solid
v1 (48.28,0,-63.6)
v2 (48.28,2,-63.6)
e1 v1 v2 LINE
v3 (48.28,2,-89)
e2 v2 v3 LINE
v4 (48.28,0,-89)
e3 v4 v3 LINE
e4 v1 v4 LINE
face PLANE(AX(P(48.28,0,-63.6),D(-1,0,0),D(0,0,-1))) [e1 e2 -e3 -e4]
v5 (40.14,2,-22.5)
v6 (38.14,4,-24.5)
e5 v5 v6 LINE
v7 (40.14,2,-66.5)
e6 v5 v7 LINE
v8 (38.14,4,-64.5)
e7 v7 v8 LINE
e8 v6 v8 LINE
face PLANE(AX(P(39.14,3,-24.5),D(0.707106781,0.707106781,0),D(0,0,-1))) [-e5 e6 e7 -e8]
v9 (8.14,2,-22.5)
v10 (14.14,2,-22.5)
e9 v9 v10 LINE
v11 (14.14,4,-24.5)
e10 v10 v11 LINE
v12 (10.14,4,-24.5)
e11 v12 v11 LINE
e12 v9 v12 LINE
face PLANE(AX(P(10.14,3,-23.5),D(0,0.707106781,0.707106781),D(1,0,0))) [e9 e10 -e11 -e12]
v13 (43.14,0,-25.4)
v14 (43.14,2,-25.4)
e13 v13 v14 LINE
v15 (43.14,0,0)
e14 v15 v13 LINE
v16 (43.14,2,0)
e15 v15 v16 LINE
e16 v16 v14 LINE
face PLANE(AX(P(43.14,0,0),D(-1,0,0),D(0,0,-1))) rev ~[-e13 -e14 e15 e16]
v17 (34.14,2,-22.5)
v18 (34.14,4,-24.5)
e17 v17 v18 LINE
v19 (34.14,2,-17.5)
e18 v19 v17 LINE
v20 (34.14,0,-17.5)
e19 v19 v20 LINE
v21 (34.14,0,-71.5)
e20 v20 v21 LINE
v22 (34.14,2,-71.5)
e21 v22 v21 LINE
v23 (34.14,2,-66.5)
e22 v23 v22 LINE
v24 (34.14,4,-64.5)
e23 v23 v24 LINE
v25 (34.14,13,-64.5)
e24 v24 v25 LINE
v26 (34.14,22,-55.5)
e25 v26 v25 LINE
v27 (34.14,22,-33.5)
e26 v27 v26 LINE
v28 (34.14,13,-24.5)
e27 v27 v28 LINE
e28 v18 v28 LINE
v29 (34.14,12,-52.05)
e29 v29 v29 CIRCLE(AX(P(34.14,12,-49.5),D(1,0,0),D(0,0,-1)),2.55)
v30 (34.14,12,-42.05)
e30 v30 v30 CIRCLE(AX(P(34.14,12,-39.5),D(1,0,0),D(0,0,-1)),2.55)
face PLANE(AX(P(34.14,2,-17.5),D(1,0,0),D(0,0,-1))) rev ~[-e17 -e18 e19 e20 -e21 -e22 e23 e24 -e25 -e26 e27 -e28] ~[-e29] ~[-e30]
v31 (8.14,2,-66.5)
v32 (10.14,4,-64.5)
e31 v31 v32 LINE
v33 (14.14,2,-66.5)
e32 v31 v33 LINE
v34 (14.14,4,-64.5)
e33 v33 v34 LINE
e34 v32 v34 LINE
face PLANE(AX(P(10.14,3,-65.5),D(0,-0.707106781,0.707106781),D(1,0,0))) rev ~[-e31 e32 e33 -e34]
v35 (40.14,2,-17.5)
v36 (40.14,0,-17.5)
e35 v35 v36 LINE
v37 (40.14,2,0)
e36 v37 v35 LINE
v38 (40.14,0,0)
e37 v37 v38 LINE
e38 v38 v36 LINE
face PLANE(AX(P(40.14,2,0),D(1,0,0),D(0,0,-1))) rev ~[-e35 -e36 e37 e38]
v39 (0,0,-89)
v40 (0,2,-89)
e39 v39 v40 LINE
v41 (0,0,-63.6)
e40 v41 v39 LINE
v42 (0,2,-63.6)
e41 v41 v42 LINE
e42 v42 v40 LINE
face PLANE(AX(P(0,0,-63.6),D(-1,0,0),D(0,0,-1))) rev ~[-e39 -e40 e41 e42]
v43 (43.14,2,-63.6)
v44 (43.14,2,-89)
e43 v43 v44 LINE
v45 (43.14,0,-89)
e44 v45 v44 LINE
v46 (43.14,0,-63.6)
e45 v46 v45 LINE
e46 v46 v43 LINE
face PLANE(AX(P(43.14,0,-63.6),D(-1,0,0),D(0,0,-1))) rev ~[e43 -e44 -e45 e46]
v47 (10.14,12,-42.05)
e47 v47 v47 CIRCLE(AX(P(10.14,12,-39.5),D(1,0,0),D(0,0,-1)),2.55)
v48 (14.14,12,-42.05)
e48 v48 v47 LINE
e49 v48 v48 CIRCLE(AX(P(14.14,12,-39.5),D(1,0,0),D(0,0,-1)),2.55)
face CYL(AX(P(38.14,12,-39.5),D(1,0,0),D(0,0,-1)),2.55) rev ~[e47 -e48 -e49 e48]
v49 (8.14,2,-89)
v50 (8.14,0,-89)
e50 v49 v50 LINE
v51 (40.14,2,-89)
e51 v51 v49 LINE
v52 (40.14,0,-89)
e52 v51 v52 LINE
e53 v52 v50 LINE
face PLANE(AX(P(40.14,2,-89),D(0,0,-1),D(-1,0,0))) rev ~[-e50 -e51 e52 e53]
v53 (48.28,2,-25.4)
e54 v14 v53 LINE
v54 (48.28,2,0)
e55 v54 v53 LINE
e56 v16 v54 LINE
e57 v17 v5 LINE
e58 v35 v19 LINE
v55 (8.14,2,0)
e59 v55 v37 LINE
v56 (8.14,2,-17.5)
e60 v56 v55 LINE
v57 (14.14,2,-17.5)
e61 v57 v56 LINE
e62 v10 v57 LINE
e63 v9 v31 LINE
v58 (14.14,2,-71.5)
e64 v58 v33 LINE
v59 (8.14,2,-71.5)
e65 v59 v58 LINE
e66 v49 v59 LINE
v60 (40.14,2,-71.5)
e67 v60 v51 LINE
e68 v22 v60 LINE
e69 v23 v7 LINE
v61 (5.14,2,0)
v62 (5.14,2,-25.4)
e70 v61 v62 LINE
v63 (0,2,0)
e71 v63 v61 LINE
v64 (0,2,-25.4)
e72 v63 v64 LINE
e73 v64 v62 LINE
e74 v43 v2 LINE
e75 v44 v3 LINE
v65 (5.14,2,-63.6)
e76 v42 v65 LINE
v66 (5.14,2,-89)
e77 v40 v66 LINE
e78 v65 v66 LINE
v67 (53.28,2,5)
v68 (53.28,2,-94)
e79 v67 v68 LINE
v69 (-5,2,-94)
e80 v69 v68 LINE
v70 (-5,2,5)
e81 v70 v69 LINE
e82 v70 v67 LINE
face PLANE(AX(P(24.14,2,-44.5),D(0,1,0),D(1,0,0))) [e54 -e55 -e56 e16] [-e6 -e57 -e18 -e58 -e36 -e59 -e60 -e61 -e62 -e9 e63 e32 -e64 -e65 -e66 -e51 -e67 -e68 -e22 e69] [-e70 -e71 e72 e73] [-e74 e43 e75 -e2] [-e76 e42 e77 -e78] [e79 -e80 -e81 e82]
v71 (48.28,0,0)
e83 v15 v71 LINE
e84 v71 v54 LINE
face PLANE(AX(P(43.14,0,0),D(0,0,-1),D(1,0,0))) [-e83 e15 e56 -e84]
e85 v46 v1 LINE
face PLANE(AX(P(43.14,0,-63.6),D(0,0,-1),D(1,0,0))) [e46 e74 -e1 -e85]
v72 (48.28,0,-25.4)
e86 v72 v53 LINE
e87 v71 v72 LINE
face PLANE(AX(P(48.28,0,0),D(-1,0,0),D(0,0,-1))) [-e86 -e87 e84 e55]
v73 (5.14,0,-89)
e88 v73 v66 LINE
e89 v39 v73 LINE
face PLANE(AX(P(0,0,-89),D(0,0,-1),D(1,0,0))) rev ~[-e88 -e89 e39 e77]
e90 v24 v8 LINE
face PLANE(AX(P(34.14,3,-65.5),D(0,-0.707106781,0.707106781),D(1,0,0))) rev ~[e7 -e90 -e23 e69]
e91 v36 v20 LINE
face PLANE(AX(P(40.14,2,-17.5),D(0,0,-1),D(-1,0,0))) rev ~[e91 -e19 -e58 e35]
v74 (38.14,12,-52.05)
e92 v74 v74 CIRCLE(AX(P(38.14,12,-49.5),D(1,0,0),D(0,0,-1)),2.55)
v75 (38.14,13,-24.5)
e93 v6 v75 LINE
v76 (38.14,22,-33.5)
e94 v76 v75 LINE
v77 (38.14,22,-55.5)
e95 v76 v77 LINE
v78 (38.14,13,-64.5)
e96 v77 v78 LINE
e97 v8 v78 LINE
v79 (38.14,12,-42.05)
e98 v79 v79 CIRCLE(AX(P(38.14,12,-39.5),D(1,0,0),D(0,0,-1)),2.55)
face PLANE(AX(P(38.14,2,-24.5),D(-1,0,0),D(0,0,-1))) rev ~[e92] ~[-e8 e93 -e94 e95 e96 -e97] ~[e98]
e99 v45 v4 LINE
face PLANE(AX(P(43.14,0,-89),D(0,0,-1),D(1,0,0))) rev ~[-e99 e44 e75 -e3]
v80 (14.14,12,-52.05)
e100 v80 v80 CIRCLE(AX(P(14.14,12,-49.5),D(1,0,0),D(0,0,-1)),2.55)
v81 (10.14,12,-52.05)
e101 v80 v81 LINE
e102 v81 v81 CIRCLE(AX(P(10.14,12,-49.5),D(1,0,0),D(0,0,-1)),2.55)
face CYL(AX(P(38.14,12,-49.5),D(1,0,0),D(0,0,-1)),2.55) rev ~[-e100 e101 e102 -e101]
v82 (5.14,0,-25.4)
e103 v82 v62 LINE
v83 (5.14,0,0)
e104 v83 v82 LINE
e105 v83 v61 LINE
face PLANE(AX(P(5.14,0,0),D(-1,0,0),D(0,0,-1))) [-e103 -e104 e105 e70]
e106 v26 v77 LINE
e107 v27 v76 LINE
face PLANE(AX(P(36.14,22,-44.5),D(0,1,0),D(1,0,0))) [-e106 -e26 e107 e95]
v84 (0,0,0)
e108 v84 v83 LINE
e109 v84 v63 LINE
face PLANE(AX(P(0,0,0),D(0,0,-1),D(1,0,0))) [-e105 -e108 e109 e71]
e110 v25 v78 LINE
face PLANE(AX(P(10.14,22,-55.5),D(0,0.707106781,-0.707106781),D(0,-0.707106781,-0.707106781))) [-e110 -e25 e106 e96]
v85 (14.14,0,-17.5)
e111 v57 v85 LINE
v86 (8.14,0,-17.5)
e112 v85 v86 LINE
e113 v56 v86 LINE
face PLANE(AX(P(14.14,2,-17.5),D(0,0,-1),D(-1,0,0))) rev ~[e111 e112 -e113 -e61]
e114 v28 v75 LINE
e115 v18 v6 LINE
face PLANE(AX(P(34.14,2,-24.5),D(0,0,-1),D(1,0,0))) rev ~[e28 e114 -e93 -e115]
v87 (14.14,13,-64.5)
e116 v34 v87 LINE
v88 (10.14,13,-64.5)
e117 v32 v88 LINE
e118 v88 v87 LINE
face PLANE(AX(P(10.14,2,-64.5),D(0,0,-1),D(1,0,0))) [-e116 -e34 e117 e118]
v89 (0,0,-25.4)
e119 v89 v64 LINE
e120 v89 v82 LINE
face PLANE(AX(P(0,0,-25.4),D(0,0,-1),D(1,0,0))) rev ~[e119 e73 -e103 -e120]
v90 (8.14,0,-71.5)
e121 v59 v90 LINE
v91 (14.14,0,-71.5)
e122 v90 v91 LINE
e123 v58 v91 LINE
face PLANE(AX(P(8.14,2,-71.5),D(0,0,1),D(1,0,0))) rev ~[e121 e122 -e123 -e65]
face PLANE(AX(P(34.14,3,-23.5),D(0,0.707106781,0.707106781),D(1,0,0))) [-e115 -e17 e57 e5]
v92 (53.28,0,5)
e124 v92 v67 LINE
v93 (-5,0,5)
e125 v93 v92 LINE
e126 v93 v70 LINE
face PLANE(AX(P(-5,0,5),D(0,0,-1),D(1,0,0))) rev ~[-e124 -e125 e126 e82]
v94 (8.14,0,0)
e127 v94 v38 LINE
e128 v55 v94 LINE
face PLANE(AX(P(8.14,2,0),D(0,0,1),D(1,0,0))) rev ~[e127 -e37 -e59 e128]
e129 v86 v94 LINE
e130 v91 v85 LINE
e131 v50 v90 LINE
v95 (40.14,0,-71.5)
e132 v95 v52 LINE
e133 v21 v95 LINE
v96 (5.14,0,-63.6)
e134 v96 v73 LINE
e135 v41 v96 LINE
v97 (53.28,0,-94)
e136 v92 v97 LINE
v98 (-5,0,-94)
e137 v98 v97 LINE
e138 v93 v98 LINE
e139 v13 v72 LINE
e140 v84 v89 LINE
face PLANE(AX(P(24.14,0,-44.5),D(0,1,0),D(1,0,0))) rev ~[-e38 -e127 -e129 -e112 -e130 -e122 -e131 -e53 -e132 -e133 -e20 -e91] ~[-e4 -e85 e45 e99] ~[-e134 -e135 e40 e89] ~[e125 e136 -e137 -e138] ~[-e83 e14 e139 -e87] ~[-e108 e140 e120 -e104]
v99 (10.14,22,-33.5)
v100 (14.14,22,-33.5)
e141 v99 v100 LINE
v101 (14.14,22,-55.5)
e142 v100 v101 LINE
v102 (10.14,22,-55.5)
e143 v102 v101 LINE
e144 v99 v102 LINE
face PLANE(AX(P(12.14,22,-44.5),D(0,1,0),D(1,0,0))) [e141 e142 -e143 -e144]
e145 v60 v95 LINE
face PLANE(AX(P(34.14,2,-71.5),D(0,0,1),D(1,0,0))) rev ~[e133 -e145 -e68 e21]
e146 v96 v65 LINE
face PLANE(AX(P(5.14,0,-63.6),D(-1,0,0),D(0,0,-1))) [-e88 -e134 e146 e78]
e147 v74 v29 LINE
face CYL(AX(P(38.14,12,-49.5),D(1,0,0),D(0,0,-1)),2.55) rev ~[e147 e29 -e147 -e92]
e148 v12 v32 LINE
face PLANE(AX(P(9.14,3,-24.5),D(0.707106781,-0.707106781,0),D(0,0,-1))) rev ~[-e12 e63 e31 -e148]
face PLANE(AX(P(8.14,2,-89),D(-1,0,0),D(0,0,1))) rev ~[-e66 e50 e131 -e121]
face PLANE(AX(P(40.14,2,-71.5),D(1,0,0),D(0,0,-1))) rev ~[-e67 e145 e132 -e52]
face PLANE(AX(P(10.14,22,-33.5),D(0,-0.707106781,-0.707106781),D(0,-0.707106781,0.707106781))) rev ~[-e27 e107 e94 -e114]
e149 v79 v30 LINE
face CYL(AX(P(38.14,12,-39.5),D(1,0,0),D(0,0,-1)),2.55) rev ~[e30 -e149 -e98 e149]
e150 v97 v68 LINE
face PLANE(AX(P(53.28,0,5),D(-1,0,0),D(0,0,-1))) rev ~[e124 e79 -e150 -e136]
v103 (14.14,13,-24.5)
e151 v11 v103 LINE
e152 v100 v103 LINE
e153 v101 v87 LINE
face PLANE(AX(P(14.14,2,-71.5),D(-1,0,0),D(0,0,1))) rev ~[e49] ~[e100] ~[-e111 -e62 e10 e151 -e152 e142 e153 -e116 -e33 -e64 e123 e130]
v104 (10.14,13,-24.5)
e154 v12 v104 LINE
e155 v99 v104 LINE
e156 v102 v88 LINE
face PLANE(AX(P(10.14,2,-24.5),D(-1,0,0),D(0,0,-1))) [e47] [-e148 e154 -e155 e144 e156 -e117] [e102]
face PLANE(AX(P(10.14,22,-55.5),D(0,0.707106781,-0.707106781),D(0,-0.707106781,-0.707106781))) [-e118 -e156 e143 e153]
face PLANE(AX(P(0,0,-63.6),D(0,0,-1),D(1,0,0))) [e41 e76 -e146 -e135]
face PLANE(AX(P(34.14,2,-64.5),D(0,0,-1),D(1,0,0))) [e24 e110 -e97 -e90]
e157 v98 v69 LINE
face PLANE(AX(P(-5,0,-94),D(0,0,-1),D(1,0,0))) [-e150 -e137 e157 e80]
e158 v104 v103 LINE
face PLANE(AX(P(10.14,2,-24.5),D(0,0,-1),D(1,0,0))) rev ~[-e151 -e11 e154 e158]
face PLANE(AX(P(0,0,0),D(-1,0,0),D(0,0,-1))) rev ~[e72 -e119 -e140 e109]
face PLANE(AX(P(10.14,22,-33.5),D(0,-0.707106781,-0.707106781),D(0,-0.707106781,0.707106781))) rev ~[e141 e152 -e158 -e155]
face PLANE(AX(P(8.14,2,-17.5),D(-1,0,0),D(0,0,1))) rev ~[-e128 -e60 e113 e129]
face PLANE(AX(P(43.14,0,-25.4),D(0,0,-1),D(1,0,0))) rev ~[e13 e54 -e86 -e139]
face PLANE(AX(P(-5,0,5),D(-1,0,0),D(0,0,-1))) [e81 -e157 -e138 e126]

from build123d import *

# Parameters (mm, degrees)
SKETCH1_W           = 58.28
SKETCH1_H           = 99
SKETCH1_W_2         = 5.14
SKETCH1_H_2         = 25.4
BOSS_EXTRUDE1_DEPTH = 2
SKETCH2_W           = 4
SKETCH2_H           = 40
BOSS_EXTRUDE2_DEPTH = 20
CUT_EXTRUDE1_REACH  = 107.741
SKETCH3_R           = 2.55
CHAMFER1_SIZE       = 2
CUT_EXTRUDE2_REACH  = 107.741
CUT_EXTRUDE3_DEPTH  = 2


with BuildPart() as part:
    # Sketch1 → Boss-Extrude1 (new body)
    with BuildSketch(Plane(origin=(0, 0, 0), x_dir=(1, 0, 0), z_dir=(0, 1, 0))):
        with Locations((24.14, 44.5)):
            Rectangle(SKETCH1_W, SKETCH1_H)
        with Locations((2.57, 76.3)):
            Rectangle(SKETCH1_W_2, SKETCH1_H_2, mode=Mode.SUBTRACT)
        with Locations((45.71, 76.3)):
            Rectangle(SKETCH1_W_2, SKETCH1_H_2, mode=Mode.SUBTRACT)
        with Locations((2.57, 12.7)):
            Rectangle(SKETCH1_W_2, SKETCH1_H_2, mode=Mode.SUBTRACT)
        with Locations((45.71, 12.7)):
            Rectangle(SKETCH1_W_2, SKETCH1_H_2, mode=Mode.SUBTRACT)
    extrude(amount=BOSS_EXTRUDE1_DEPTH)

    # Sketch2 → Boss-Extrude2 (add)
    with BuildSketch(Plane(origin=(0, 2, 0), x_dir=(1, 0, 0), z_dir=(0, 1, 0))):
        with Locations((12.14, 44.5)):
            Rectangle(SKETCH2_W, SKETCH2_H)
        with Locations((36.14, 44.5)):
            Rectangle(SKETCH2_W, SKETCH2_H)
    extrude(amount=BOSS_EXTRUDE2_DEPTH)

    # Cut-Extrude1: up to this face of the body (flat: up to its plane)
    cut_extrude1_end = Plane(part.part.faces().sort_by_distance((10.14, 12, -44.5))[0])
    # Sketch3 → Cut-Extrude1 (cut, up to the picked face)
    with BuildSketch(Plane(origin=(38.14, 0, 0), x_dir=(0, 0, -1), z_dir=(1, 0, 0)), mode=Mode.PRIVATE) as cut_extrude1_sk1:
        with Locations((39.5, 12)):
            Circle(SKETCH3_R)
    cut_extrude1_tool1 = split(extrude(cut_extrude1_sk1.sketch, amount=-CUT_EXTRUDE1_REACH, mode=Mode.PRIVATE), bisect_by=cut_extrude1_end, keep=Keep.BOTH, mode=Mode.PRIVATE)
    # Sketch3 → Cut-Extrude1 (cut, up to the picked face)
    with BuildSketch(Plane(origin=(38.14, 0, 0), x_dir=(0, 0, -1), z_dir=(1, 0, 0)), mode=Mode.PRIVATE) as cut_extrude1_sk2:
        with Locations((49.5, 12)):
            Circle(SKETCH3_R)
    cut_extrude1_tool2 = split(extrude(cut_extrude1_sk2.sketch, amount=-CUT_EXTRUDE1_REACH, mode=Mode.PRIVATE), bisect_by=cut_extrude1_end, keep=Keep.BOTH, mode=Mode.PRIVATE)
    add(cut_extrude1_tool1.solids().sort_by(Axis((38.14, 12, -39.5), (-1, 0, 0)))[0], mode=Mode.SUBTRACT)
    add(cut_extrude1_tool2.solids().sort_by(Axis((38.14, 12, -49.5), (-1, 0, 0)))[0], mode=Mode.SUBTRACT)

    # Chamfer1
    chamfer1_edges = [part.edges().sort_by_distance(p)[0] for p in [
        (12.14, 2, -64.5),
        (10.14, 2, -44.5),
        (12.14, 2, -24.5),
        (36.14, 2, -24.5),
        (38.14, 2, -44.5),
        (36.14, 2, -64.5),
    ]]
    chamfer(chamfer1_edges, length=CHAMFER1_SIZE)

    # Cut-Extrude2: up to this face of the body (flat: up to its plane)
    cut_extrude2_end = Plane(part.part.faces().sort_by_distance((38.14, 13.060158725, -44.5))[0])
    # Sketch4 → Cut-Extrude2 (cut, up to the picked face)
    with BuildSketch(Plane.ZY.offset(-10.14), mode=Mode.PRIVATE) as cut_extrude2_sk1:
        Polygon((-55.5, 22), (-64.5, 13), (-64.5, 22), align=None)
    cut_extrude2_tool1 = split(extrude(cut_extrude2_sk1.sketch, amount=-CUT_EXTRUDE2_REACH, mode=Mode.PRIVATE), bisect_by=cut_extrude2_end, keep=Keep.BOTH, mode=Mode.PRIVATE)
    # Sketch4 → Cut-Extrude2 (cut, up to the picked face)
    with BuildSketch(Plane.ZY.offset(-10.14), mode=Mode.PRIVATE) as cut_extrude2_sk2:
        Polygon((-33.5, 22), (-24.5, 13), (-24.5, 22), align=None)
    cut_extrude2_tool2 = split(extrude(cut_extrude2_sk2.sketch, amount=-CUT_EXTRUDE2_REACH, mode=Mode.PRIVATE), bisect_by=cut_extrude2_end, keep=Keep.BOTH, mode=Mode.PRIVATE)
    add(cut_extrude2_tool1.solids().sort_by(Axis((10.14, 19, -61.5), (1, 0, 0)))[0], mode=Mode.SUBTRACT)
    add(cut_extrude2_tool2.solids().sort_by(Axis((10.14, 19, -27.5), (1, 0, 0)))[0], mode=Mode.SUBTRACT)

    # Sketch5 → Cut-Extrude3 (cut)
    with BuildSketch(Plane(origin=(0, 2, 0), x_dir=(1, 0, 0), z_dir=(0, 1, 0))):
        Polygon((34.14, 22.5), (34.14, 66.5), (34.14, 71.5), (40.14, 71.5), (40.14, 89), (8.14, 89), (8.14, 71.5), (14.14, 71.5), (14.14, 66.5), (14.14, 22.5), (14.14, 17.5), (8.14, 17.5), (8.14, 0), (40.14, 0), (40.14, 17.5), (34.14, 17.5), align=None)
    extrude(amount=-CUT_EXTRUDE3_DEPTH, mode=Mode.SUBTRACT)


solid = part.part
